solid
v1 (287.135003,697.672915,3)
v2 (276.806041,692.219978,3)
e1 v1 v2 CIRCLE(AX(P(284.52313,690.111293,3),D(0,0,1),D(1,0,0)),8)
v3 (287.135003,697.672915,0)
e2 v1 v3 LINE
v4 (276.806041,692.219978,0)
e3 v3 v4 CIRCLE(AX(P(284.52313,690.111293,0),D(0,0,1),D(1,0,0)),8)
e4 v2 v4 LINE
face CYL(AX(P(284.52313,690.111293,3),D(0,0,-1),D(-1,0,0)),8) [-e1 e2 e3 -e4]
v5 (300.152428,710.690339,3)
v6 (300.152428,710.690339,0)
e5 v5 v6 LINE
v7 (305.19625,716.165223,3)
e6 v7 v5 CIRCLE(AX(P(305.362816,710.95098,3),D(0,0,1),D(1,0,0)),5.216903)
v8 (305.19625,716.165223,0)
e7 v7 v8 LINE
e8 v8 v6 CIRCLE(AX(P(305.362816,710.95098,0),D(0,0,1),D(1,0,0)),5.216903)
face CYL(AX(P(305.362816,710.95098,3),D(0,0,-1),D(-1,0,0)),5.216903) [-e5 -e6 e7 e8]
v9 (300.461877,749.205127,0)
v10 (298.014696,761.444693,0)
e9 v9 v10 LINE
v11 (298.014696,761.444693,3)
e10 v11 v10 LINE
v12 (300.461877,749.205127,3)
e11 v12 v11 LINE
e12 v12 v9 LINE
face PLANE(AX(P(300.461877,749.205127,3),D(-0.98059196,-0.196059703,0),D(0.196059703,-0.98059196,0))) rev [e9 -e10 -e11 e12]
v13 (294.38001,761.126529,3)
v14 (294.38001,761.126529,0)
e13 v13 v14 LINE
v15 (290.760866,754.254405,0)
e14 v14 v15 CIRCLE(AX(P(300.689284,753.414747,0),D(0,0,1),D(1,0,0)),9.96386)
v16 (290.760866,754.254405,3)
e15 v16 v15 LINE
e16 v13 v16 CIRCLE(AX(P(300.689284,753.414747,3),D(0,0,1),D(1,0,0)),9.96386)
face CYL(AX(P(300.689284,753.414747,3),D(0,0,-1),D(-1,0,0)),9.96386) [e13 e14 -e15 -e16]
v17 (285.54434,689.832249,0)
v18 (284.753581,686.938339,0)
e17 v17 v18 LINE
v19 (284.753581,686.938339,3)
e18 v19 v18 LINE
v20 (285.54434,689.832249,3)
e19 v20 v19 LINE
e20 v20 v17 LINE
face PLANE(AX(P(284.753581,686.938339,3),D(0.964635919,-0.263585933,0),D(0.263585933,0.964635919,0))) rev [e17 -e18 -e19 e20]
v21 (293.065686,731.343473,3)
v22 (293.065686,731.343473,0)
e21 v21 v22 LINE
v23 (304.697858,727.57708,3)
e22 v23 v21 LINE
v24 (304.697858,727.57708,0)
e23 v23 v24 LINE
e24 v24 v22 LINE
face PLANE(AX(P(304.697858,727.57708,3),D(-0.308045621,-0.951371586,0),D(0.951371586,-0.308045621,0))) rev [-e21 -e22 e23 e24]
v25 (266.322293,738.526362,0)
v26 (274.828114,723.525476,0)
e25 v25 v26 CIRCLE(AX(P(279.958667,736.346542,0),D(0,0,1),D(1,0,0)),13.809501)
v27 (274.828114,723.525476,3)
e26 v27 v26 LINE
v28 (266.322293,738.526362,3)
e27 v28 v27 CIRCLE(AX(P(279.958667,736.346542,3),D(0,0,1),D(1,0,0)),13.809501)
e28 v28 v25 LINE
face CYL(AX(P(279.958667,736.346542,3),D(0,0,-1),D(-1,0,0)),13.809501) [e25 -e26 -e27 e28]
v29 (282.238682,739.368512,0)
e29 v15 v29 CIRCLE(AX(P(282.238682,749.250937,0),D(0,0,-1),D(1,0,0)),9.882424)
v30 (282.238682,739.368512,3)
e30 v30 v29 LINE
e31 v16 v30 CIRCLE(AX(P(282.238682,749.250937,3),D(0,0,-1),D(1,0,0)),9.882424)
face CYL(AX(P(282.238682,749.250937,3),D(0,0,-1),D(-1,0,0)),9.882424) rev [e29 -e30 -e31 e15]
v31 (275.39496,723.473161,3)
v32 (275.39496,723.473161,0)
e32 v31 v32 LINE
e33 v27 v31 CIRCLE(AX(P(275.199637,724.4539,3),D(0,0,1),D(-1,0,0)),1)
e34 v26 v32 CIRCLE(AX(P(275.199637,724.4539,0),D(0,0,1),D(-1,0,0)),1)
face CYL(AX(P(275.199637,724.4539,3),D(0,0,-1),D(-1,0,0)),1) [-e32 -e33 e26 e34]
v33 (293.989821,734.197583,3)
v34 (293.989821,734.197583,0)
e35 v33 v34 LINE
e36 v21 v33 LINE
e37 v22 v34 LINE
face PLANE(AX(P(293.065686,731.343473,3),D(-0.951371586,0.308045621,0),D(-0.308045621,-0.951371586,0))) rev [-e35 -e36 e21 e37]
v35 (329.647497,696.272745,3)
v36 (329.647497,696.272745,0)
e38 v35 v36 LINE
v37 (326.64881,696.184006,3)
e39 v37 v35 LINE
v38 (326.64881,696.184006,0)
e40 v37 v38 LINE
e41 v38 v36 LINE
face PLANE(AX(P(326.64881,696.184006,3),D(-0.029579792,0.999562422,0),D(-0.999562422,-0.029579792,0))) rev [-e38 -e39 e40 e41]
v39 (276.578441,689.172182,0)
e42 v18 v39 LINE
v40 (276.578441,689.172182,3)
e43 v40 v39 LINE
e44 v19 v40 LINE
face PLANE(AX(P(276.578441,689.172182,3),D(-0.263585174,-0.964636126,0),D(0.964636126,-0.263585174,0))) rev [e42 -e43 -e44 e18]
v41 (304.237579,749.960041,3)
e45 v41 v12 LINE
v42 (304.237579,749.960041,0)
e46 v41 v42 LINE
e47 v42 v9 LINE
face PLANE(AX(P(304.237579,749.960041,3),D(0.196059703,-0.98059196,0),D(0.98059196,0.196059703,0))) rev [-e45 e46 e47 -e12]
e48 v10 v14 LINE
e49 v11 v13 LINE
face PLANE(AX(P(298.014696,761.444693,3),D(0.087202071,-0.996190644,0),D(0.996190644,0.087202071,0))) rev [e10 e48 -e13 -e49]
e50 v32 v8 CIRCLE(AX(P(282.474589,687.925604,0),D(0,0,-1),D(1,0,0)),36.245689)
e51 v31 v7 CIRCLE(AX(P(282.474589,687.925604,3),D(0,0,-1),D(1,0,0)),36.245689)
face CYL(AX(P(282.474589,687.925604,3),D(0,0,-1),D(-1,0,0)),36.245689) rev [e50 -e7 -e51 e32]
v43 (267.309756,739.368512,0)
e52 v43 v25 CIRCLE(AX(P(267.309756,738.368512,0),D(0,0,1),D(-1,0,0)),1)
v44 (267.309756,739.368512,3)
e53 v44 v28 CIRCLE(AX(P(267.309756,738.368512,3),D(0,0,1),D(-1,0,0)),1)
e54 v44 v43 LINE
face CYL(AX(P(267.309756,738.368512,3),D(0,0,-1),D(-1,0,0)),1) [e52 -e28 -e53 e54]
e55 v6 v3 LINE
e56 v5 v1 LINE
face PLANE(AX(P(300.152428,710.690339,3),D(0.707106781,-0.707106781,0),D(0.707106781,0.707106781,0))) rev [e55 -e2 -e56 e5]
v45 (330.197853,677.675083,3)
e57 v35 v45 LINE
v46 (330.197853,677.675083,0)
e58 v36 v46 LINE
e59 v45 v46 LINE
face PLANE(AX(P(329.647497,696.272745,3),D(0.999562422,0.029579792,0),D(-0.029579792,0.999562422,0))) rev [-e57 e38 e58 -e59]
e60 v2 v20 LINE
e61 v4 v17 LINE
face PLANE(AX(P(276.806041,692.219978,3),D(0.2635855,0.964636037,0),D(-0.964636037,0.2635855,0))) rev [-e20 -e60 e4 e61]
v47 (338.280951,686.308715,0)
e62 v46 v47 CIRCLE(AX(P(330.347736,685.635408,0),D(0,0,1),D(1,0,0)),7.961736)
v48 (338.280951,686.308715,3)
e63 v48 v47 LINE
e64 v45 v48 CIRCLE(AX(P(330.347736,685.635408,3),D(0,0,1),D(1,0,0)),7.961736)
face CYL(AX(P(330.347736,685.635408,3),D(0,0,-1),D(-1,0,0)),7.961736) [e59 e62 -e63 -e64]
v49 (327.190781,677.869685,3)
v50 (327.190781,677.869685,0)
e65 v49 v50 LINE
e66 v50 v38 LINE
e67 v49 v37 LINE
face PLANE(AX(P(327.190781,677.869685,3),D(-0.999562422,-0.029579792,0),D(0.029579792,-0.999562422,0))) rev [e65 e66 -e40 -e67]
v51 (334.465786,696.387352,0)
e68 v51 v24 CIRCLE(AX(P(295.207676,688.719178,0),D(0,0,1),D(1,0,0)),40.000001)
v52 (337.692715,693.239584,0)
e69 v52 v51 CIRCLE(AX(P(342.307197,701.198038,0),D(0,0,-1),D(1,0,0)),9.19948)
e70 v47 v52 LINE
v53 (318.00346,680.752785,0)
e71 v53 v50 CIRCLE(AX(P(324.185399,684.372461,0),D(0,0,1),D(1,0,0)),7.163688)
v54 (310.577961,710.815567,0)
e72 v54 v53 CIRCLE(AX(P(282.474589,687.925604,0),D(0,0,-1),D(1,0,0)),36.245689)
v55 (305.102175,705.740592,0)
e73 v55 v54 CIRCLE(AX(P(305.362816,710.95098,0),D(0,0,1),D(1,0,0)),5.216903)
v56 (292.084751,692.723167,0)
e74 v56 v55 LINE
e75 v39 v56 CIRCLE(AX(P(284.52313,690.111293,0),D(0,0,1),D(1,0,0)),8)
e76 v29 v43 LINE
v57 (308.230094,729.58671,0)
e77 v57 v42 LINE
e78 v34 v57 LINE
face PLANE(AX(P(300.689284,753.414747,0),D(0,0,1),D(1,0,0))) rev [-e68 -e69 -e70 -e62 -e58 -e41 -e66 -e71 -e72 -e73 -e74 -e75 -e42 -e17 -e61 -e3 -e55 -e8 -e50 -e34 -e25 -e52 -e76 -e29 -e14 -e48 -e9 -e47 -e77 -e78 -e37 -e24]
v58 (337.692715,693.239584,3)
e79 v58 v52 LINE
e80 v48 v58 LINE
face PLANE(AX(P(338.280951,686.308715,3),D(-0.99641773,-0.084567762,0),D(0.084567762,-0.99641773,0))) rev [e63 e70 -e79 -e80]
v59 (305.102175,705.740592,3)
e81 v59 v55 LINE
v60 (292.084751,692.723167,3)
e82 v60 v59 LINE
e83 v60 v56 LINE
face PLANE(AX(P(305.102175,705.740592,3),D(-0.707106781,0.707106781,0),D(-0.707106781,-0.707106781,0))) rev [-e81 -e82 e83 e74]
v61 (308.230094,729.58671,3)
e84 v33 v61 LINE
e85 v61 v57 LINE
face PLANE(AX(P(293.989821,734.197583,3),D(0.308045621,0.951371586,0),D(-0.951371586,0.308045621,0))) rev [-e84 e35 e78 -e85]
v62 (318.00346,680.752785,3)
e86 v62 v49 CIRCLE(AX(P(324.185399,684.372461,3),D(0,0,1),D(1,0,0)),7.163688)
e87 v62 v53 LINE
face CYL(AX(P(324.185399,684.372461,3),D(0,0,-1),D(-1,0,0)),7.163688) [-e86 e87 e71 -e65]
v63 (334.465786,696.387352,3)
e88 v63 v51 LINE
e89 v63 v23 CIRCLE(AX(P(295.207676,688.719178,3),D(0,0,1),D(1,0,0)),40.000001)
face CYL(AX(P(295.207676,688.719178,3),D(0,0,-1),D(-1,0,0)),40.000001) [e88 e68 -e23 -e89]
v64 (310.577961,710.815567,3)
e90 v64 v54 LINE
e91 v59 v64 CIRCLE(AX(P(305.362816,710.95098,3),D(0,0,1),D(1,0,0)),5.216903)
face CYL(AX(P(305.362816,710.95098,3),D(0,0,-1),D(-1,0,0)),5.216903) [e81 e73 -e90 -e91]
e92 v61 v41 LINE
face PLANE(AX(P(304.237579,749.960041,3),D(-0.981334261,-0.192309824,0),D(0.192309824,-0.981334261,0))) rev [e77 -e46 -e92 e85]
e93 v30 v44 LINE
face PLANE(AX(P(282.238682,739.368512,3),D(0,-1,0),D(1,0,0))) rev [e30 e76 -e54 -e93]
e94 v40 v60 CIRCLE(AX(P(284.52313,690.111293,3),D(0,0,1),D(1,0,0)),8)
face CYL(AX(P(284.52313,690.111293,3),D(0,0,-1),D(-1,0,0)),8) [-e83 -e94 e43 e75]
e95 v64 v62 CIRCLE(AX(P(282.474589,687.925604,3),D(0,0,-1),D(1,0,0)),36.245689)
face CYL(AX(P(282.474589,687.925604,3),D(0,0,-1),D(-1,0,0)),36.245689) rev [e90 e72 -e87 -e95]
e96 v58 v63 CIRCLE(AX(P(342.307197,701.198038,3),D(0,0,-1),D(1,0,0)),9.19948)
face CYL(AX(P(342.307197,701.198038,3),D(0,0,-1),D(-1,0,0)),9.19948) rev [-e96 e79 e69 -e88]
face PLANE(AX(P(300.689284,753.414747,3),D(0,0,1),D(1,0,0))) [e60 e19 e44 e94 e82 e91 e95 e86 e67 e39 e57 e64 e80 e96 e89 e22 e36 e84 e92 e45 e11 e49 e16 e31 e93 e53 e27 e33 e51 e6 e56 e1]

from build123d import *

# Parameters (mm, degrees)
BASE_EXTRUDE_DEPTH = 3


with BuildPart() as part:
    # Sketch1 → Base-Extrude (new body)
    with BuildSketch(Plane.XY):
        with BuildLine():
            Line((293.989820862, 734.197583092), (308.230093844, 729.586709902))
            Line((308.230093844, 729.586709902), (304.237578804, 749.960041406))
            Line((304.237578804, 749.960041406), (300.46187699, 749.205127022))
            Line((300.46187699, 749.205127022), (298.014696403, 761.444692703))
            Line((298.014696403, 761.444692703), (294.380010045, 761.126528526))
            ThreePointArc((294.380010045, 761.126528526), (291.873265467, 758.05762637), (290.76086587, 754.254404584))
            ThreePointArc((290.76086587, 754.254404584), (290.815065416, 744.34095117), (282.238682163, 739.368512483))
            Line((282.238682163, 739.368512483), (267.309755895, 739.368512483))
            ThreePointArc((267.309755895, 739.368512483), (266.660852695, 739.129383455), (266.322292677, 738.526361756))
            ThreePointArc((266.322292677, 738.526361756), (267.945922187, 729.535060668), (274.828113717, 723.525476008))
            ThreePointArc((274.828113717, 723.525476008), (275.107735881, 723.458131465), (275.394960471, 723.473160687))
            ThreePointArc((275.394960471, 723.473160687), (291.10707298, 723.128304911), (305.196249522, 716.165223024))
            ThreePointArc((305.196249522, 716.165223024), (301.525955586, 714.485747009), (300.152427977, 710.690339367))
            Line((300.152427977, 710.690339367), (287.135003329, 697.672914719))
            ThreePointArc((287.135003329, 697.672914719), (280.788235339, 697.185935894), (276.80604128, 692.2199775))
            Line((276.80604128, 692.2199775), (285.544339655, 689.832249216))
            Line((285.544339655, 689.832249216), (284.7535812, 686.938339057))
            Line((284.7535812, 686.938339057), (276.578441435, 689.172182037))
            ThreePointArc((276.578441435, 689.172182037), (286.308923255, 682.31315648), (292.084750798, 692.72316725))
            Line((292.084750798, 692.72316725), (305.102175446, 705.740591898))
            ThreePointArc((305.102175446, 705.740591898), (308.909028424, 707.124695347), (310.57796115, 710.815567264))
            ThreePointArc((310.57796115, 710.815567264), (317.662772954, 696.617074851), (318.003459515, 680.752785464))
            ThreePointArc((318.003459515, 680.752785464), (322.040475508, 677.537424223), (327.190781226, 677.869684733))
            Line((327.190781226, 677.869684733), (326.648810255, 696.184005937))
            Line((326.648810255, 696.184005937), (329.647496764, 696.272745292))
            Line((329.647496764, 696.272745292), (330.19785257, 677.675083141))
            ThreePointArc((330.19785257, 677.675083141), (336.159788883, 680.193967384), (338.280950791, 686.308714689))
            Line((338.280950791, 686.308714689), (337.692715429, 693.239584422))
            ThreePointArc((337.692715429, 693.239584422), (335.883457798, 694.612751583), (334.465786033, 696.387352382))
            ThreePointArc((334.465786033, 696.387352382), (324.143791375, 716.336225522), (304.697858302, 727.577079591))
            Line((304.697858302, 727.577079591), (293.065685578, 731.343473215))
            Line((293.065685578, 731.343473215), (293.989820862, 734.197583092))
        make_face()
    extrude(amount=BASE_EXTRUDE_DEPTH)


solid = part.part
